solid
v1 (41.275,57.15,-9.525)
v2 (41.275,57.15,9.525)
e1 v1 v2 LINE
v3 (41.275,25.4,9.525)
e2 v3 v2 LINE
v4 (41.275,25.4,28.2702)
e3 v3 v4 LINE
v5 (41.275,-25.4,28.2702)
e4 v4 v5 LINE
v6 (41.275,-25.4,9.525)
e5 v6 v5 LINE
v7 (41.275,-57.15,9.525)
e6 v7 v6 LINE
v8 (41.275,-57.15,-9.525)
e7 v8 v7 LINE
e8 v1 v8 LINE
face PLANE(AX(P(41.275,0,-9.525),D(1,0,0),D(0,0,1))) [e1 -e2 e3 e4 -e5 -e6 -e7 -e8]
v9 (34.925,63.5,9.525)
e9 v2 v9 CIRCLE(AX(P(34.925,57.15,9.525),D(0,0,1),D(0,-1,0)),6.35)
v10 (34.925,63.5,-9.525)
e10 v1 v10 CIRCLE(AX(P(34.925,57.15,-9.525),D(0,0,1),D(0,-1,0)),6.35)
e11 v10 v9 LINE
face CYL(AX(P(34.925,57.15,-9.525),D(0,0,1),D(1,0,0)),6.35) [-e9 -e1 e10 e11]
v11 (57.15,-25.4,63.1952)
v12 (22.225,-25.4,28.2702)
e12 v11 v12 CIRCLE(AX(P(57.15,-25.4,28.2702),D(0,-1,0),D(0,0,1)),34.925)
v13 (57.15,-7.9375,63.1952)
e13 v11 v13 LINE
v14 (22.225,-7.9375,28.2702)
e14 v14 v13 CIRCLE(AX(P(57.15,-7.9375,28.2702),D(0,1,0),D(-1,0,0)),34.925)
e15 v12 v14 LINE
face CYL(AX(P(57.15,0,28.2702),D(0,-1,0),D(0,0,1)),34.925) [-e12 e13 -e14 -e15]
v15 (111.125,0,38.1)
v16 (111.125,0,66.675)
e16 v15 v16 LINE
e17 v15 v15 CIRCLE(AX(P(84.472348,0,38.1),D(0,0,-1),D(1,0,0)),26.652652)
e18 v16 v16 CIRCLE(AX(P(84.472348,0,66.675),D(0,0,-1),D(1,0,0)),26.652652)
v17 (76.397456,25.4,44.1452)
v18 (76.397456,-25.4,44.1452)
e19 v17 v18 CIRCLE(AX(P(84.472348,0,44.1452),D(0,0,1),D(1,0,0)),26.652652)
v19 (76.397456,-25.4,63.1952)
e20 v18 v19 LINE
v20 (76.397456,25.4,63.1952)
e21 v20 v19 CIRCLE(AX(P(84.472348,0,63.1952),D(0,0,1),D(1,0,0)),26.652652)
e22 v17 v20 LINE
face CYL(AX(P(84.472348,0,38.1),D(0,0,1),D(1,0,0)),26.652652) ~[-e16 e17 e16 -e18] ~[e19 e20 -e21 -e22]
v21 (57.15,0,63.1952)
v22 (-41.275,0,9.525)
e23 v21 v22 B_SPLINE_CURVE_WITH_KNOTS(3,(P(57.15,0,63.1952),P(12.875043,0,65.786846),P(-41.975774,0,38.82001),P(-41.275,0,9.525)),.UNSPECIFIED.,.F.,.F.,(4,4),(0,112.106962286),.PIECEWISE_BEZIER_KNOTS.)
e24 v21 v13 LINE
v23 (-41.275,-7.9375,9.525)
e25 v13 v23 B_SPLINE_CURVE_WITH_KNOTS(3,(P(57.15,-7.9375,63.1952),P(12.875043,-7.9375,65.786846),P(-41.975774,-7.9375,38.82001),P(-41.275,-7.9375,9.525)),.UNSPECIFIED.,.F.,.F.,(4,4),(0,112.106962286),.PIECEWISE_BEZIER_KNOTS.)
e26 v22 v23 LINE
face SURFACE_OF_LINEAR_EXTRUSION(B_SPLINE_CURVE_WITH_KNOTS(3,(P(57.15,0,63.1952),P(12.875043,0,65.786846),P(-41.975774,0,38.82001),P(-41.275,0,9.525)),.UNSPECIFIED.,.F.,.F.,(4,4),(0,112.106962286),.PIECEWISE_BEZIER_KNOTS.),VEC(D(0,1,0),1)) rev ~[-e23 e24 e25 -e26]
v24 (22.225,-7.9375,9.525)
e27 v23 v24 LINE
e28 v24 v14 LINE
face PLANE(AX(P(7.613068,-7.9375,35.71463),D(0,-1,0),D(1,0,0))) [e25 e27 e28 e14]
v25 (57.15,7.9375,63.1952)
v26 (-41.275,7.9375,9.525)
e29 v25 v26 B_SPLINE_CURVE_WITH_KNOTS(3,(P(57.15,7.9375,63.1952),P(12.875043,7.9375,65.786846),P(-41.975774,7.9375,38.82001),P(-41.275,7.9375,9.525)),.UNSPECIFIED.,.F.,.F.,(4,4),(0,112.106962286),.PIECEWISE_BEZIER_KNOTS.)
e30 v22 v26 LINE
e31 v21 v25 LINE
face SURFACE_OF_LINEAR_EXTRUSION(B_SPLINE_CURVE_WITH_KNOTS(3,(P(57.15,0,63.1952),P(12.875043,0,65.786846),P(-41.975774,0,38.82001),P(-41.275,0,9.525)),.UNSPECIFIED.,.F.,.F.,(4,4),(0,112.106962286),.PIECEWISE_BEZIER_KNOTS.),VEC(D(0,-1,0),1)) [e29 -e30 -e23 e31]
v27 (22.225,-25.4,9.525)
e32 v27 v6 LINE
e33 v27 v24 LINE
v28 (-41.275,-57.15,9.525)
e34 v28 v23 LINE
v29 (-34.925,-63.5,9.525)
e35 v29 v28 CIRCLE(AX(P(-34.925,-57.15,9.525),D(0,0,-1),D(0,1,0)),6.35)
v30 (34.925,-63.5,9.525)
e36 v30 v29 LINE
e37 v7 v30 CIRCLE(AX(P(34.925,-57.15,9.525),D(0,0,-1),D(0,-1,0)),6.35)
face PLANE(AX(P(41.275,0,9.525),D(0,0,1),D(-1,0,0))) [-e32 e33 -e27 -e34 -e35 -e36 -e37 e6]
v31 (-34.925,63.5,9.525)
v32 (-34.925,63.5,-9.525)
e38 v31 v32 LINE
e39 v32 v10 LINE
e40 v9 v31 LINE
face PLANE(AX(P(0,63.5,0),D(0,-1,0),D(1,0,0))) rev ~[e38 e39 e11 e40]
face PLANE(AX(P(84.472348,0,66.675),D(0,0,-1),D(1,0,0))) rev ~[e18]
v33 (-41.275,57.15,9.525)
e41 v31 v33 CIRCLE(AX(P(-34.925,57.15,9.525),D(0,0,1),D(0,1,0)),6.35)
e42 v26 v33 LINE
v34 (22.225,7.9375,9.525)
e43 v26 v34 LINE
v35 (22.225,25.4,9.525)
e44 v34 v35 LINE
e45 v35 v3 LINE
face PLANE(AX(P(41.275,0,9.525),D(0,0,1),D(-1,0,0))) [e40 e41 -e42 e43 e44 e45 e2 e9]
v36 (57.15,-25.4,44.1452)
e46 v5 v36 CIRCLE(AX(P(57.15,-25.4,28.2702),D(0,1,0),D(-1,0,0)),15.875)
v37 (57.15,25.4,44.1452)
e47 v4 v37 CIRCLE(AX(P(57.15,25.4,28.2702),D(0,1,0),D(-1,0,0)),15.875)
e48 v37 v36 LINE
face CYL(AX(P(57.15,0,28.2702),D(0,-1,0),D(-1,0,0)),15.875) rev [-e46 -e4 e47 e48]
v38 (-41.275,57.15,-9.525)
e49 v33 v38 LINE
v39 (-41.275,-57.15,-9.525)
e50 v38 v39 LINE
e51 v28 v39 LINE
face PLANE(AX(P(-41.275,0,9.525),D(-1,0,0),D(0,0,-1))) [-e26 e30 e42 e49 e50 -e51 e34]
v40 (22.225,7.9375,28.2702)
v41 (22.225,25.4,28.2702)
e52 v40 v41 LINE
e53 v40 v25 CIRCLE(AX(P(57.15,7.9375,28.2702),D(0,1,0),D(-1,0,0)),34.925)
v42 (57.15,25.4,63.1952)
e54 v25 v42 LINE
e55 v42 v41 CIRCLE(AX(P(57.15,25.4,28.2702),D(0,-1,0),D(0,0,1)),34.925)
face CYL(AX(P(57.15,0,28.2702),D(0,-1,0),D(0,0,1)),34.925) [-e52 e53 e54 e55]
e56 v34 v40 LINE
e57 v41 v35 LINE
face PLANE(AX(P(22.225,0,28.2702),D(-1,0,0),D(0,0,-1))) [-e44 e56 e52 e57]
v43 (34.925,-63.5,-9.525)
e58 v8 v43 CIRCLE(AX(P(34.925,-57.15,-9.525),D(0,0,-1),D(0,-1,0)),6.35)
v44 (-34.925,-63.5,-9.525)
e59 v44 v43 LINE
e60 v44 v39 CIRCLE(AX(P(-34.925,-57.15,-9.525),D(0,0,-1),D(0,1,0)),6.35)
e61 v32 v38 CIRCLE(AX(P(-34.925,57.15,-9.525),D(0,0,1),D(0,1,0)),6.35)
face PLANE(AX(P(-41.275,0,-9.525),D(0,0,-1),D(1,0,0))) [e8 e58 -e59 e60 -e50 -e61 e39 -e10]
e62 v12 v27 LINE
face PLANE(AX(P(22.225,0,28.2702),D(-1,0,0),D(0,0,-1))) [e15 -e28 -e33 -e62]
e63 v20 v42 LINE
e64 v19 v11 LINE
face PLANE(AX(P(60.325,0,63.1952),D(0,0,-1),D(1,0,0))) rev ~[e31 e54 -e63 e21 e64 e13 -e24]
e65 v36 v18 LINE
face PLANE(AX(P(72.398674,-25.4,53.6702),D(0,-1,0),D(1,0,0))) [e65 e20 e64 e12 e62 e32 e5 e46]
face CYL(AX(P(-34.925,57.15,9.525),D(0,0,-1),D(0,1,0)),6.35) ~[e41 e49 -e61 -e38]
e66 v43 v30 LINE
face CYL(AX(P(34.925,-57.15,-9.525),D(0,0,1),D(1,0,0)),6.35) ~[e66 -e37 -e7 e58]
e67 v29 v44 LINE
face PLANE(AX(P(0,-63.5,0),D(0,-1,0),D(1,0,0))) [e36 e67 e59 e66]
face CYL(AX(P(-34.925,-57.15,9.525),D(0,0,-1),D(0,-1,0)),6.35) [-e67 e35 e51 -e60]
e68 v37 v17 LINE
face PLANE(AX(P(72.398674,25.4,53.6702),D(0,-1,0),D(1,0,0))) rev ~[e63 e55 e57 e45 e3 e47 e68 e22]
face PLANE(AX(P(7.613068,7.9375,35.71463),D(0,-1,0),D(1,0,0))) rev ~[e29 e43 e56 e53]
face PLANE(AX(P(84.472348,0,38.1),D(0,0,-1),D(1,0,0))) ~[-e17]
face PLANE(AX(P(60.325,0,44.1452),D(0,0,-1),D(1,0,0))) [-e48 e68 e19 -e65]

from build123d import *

# Parameters (mm, degrees)
F1_DEPTH = 63.5
F2_DEPTH = 25.4
F3_DEPTH = 7.9375
F0_W     = 24.147347727
F0_H     = 19.05
F4_DEPTH = 25.4
F6_R     = 6.35


with BuildPart() as f1:
    # F0 (on Front) → F1 (new body, symmetric)
    with BuildSketch(Plane.XZ):
        Polygon((-41.275, 9.525), (-41.275, -9.525), (41.275, -9.525), (41.275, 9.525), (22.225, 9.525), align=None)
    extrude(amount=F1_DEPTH, both=True)

    # F0 (on Front) → F2 (join, symmetric)
    with BuildSketch(Plane.XZ):
        with BuildLine():
            Line((22.225, 9.525), (41.275, 9.525))
            Line((41.275, 9.525), (41.275, 28.2702))
            ThreePointArc((41.275, 28.2702), (45.9246798487, 39.4955201513), (57.15, 44.1452))
            Line((57.15, 44.1452), (60.325, 44.1452))
            Line((60.325, 44.1452), (60.325, 63.1952))
            Line((60.325, 63.1952), (57.15, 63.1952))
            ThreePointArc((57.15, 63.1952), (32.4542956671, 52.9659043329), (22.225, 28.2702))
            Line((22.225, 28.2702), (22.225, 9.525))
        make_face()
    extrude(amount=F2_DEPTH, both=True)

    # F0 (on Front) → F3 (join, symmetric)
    with BuildSketch(Plane.XZ):
        with BuildLine():
            add(Edge.make_bspline(
                [(57.15, 63.1952), (12.8750428557, 65.7868459821), (-41.9757738709, 38.8200096786), (-41.275, 9.525)],
                knots=[0, 0, 0, 0, 112.1069622862, 112.1069622862, 112.1069622862, 112.1069622862], degree=3))
            Line((-41.275, 9.525), (22.225, 9.525))
            Line((22.225, 9.525), (22.225, 28.2702))
            ThreePointArc((22.225, 28.2702), (32.4542956671, 52.9659043329), (57.15, 63.1952))
        make_face()
    extrude(amount=F3_DEPTH, both=True)

    # F0 (on Front) → F4 (join, symmetric)
    with BuildSketch(Plane.XZ):
        with Locations((72.3986738635, 53.6702)):
            Rectangle(F0_W, F0_H)
    extrude(amount=F4_DEPTH, both=True)

    # F0 (on Front) → F5 (revolve)
    with BuildSketch(Plane.XZ):
        Polygon((84.472347727, 66.675), (84.472347727, 63.1952), (84.472347727, 44.1452), (84.472347727, 38.1), (111.125, 38.1), (111.125, 66.675), align=None)
    revolve(axis=Axis((84.472347727, 0, 52.3875), (0, 0, -1)))

    # F6
    f6_edges = [f1.edges().sort_by_distance(p)[0] for p in [
        (-41.275, -63.5, 0),
        (41.275, -63.5, 0),
        (-41.275, 63.5, 0),
        (41.275, 63.5, 0),
    ]]
    fillet(f6_edges, radius=F6_R)


solid = f1.part
